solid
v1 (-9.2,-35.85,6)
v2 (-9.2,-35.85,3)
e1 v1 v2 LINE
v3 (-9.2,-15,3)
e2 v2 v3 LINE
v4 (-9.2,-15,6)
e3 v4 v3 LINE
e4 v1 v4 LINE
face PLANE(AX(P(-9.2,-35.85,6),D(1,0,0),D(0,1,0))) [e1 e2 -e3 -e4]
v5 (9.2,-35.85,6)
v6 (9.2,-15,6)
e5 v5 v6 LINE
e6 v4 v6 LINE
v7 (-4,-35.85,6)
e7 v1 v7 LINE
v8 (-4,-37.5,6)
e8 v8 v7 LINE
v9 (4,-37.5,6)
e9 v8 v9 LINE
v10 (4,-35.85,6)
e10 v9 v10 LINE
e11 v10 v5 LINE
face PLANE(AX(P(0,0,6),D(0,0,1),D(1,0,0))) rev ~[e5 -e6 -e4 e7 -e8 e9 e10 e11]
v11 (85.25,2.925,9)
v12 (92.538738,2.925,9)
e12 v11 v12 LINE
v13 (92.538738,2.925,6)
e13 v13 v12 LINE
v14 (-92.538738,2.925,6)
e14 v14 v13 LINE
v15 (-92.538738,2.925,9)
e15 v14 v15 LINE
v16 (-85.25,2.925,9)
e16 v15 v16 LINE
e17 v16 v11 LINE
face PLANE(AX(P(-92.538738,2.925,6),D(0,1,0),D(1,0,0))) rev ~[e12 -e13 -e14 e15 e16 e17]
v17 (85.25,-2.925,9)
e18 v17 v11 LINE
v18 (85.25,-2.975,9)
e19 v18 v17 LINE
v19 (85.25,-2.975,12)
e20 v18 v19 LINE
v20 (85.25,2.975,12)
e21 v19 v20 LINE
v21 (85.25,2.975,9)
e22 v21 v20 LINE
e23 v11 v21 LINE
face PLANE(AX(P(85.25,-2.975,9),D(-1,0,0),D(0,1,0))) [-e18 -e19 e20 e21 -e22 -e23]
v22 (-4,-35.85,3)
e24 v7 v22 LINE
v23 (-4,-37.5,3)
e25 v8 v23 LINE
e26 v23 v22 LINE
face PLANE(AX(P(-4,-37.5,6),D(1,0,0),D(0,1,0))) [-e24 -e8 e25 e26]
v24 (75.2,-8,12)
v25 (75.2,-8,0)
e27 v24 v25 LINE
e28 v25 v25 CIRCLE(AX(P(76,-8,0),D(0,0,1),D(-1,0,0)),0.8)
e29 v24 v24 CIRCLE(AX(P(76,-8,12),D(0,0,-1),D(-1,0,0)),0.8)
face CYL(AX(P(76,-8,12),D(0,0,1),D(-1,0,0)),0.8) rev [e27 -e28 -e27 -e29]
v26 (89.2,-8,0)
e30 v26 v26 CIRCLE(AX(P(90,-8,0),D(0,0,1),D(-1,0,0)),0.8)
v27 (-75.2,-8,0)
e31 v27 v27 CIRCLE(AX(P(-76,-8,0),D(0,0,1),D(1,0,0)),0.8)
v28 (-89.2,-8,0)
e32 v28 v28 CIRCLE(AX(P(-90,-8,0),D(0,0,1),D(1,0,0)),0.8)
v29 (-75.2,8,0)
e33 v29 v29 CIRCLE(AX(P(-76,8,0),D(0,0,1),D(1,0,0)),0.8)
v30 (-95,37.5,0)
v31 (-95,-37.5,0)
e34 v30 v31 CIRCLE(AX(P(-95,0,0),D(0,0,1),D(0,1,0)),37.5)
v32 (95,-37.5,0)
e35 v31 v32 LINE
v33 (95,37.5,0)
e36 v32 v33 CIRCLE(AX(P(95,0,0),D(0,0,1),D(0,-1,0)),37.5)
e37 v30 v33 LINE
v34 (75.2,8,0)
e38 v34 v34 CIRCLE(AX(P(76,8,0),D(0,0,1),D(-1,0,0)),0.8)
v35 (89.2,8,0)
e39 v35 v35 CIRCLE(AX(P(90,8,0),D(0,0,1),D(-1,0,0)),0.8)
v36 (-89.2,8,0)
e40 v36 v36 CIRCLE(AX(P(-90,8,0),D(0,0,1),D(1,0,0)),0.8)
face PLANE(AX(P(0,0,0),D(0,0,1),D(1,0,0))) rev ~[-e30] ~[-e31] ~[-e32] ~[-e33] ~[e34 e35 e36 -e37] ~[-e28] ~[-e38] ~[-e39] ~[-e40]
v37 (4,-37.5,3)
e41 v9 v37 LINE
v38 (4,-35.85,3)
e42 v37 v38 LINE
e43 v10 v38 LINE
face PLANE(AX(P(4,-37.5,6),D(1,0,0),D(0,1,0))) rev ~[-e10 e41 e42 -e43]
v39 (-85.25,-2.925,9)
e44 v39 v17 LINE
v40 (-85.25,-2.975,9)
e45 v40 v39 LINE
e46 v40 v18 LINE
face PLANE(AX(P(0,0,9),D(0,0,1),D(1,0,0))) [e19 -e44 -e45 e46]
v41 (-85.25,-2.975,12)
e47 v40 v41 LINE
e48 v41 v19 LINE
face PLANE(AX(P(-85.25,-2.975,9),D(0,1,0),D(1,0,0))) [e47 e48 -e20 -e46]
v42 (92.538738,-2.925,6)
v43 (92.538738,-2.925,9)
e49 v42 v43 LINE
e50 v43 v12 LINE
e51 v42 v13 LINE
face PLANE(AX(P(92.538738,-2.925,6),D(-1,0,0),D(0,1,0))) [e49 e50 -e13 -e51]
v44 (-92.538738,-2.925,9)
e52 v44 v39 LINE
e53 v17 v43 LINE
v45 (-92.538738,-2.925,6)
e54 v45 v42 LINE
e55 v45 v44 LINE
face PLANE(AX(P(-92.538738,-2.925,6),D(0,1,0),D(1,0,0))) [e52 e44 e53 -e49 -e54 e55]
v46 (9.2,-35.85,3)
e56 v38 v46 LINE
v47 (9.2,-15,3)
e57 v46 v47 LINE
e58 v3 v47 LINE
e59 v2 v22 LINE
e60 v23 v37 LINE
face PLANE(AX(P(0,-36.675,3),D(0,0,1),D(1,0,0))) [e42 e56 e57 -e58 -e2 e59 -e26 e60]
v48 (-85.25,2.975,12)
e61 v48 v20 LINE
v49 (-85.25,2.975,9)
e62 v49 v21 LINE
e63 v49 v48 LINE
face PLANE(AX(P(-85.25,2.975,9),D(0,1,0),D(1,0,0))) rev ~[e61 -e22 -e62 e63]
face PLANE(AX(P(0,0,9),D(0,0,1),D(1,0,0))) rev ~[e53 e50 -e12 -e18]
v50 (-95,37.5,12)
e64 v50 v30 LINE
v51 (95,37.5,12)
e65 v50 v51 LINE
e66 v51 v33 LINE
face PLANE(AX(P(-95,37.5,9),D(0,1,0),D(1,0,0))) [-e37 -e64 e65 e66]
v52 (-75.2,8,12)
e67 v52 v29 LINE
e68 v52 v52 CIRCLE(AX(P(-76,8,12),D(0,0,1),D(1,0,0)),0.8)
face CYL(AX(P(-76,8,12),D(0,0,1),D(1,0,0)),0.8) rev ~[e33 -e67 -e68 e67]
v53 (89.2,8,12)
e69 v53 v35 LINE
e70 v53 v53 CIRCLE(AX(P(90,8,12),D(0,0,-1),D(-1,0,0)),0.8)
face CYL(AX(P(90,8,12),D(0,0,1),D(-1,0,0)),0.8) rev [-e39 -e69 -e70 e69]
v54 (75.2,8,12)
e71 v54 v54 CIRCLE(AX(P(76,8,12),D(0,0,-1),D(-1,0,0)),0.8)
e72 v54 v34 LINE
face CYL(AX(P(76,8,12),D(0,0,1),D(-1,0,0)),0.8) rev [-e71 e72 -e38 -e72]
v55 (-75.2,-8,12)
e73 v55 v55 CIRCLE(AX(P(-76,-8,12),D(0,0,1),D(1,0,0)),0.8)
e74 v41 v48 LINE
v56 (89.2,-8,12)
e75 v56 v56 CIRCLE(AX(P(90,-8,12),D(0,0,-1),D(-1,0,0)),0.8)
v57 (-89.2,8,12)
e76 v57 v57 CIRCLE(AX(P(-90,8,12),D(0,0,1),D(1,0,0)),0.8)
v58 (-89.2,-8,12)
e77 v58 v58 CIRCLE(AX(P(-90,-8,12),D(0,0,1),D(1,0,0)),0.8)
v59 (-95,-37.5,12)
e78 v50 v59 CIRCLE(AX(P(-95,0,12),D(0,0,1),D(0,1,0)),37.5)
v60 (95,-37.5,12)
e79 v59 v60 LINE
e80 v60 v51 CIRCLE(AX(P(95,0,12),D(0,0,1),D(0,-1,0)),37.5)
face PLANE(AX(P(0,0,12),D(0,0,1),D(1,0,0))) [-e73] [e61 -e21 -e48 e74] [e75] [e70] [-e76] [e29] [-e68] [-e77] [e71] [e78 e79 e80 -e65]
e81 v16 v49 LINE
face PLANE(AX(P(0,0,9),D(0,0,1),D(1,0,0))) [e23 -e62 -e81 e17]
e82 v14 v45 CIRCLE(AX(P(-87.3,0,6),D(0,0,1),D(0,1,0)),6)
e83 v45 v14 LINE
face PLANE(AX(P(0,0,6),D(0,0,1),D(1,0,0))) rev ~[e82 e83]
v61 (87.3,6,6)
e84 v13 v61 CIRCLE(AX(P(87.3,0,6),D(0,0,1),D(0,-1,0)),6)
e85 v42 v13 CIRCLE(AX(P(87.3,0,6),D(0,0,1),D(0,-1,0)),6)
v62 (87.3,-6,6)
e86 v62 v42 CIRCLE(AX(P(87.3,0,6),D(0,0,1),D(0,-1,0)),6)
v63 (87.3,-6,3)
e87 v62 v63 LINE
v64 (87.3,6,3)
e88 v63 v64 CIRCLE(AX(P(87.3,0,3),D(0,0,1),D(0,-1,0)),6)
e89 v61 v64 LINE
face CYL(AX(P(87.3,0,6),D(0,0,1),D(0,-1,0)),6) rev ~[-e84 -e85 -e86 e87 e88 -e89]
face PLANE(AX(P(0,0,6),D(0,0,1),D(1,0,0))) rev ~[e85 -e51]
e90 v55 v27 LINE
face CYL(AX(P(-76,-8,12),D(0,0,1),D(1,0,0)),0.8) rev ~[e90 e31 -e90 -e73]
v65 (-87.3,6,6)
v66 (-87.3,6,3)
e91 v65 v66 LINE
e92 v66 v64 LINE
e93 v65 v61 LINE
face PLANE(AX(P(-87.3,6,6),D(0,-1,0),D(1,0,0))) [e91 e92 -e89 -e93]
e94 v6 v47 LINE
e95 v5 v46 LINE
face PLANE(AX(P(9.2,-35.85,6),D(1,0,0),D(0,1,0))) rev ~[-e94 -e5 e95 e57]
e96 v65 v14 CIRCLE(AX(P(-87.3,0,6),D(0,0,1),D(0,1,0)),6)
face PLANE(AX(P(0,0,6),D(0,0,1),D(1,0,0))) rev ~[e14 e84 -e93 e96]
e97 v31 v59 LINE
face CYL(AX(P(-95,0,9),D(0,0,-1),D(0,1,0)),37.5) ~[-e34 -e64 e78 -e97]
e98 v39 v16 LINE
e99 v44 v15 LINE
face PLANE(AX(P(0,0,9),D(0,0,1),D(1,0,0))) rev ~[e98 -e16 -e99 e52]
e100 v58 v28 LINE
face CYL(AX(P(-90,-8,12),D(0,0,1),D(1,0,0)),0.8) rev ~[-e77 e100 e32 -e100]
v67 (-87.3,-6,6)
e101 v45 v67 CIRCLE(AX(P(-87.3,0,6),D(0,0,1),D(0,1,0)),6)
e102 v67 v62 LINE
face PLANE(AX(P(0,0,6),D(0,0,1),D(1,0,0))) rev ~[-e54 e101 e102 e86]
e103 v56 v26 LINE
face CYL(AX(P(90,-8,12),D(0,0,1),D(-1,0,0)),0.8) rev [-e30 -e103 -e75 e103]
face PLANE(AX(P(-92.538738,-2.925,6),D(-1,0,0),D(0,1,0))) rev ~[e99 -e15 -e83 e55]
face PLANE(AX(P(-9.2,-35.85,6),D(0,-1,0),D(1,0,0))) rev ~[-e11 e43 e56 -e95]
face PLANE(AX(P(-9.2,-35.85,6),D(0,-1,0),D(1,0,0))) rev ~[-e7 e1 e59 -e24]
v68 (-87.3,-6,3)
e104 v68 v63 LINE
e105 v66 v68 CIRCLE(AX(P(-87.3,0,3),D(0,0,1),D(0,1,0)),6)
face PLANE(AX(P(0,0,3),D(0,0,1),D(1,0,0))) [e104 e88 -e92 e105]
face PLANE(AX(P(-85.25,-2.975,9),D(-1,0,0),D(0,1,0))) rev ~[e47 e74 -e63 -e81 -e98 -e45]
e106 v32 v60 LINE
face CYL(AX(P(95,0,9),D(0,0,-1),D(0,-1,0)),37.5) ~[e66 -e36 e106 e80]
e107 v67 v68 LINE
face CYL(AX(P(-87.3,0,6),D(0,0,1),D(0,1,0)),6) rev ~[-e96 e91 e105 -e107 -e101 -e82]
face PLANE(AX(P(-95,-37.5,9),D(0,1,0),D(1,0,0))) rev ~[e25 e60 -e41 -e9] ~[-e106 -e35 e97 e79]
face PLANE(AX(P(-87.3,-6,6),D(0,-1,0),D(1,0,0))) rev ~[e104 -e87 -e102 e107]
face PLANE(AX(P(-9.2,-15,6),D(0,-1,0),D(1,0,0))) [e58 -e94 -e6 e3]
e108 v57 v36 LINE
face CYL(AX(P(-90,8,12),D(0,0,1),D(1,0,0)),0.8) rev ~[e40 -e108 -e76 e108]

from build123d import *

# Parameters (mm, degrees)
PAD_DEPTH       = 6
POCKET_DEPTH    = 3
SKETCH002_W     = 18.4
SKETCH002_H     = 20.85
POCKET001_DEPTH = 3
SKETCH003_W     = 8
SKETCH003_H     = 1.65
POCKET002_DEPTH = 3
SKETCH004_W     = 185.077476
SKETCH004_H     = 5.85
PAD001_DEPTH    = 3
SKETCH005_W     = 170.5
SKETCH005_H     = 5.95
PAD002_DEPTH    = 3
SKETCH007_R     = 0.8
POCKET003_DEPTH = 563.341185


with BuildPart() as part:
    # Sketch → Pad (new body)
    with BuildSketch(Plane.XY):
        with BuildLine():
            ThreePointArc((-95, 37.5), (-132.5, 0), (-95, -37.5))
            Line((-95, -37.5), (95, -37.5))
            ThreePointArc((95, -37.5), (132.5, 0), (95, 37.5))
            Line((-95, 37.5), (95, 37.5))
        make_face()
    extrude(amount=PAD_DEPTH)

    # Sketch001 (on Face6 of Pad) → Pocket (cut)
    with BuildSketch(Plane.XY.offset(6)):
        with BuildLine():
            ThreePointArc((-87.3, 6), (-93.3, 0), (-87.3, -6))
            Line((-87.3, -6), (87.3, -6))
            ThreePointArc((87.3, -6), (93.3, 0), (87.3, 6))
            Line((-87.3, 6), (87.3, 6))
        make_face()
    extrude(amount=-POCKET_DEPTH, mode=Mode.SUBTRACT)

    # Sketch002 (on Face5 of Pocket) → Pocket001 (cut)
    with BuildSketch(Plane.XY.offset(6)):
        with Locations((0, -25.425)):
            Rectangle(SKETCH002_W, SKETCH002_H)
    extrude(amount=-POCKET001_DEPTH, mode=Mode.SUBTRACT)

    # Sketch003 (on Face5 of Pocket001) → Pocket002 (cut)
    with BuildSketch(Plane.XY.offset(6)):
        with Locations((0, -36.675)):
            Rectangle(SKETCH003_W, SKETCH003_H)
    extrude(amount=-POCKET002_DEPTH, mode=Mode.SUBTRACT)

    # Sketch004 (on Face5 of Pocket002) → Pad001 (join)
    with BuildSketch(Plane.XY.offset(6)):
        with BuildLine():
            ThreePointArc((-95, 37.5), (-132.5, 0), (-95, -37.5))
            Line((-95, -37.5), (95, -37.5))
            ThreePointArc((95, -37.5), (132.5, 0), (95, 37.5))
            Line((-95, 37.5), (95, 37.5))
        make_face()
        Rectangle(SKETCH004_W, SKETCH004_H, mode=Mode.SUBTRACT)
    extrude(amount=PAD001_DEPTH)

    # Sketch005 (on Face12 of Pad001) → Pad002 (join)
    with BuildSketch(Plane.XY.offset(9)):
        with BuildLine():
            ThreePointArc((-95, 37.5), (-132.5, 0), (-95, -37.5))
            Line((-95, -37.5), (95, -37.5))
            ThreePointArc((95, -37.5), (132.5, 0), (95, 37.5))
            Line((-95, 37.5), (95, 37.5))
        make_face()
        Rectangle(SKETCH005_W, SKETCH005_H, mode=Mode.SUBTRACT)
    extrude(amount=PAD002_DEPTH)

    # Sketch007 (on Face20 of Pad002) → Pocket003 (cut, through all)
    with BuildSketch(Plane.XY.offset(12)):
        with Locations((-90, -8)):
            Circle(SKETCH007_R)
        with Locations((-90, 8)):
            Circle(SKETCH007_R)
        with Locations((-76, 8)):
            Circle(SKETCH007_R)
        with Locations((-76, -8)):
            Circle(SKETCH007_R)
    pocket003 = extrude(amount=-POCKET003_DEPTH, mode=Mode.SUBTRACT)

    # Mirrored: Pocket003 across Sketch007 V_Axis
    add(pocket003.mirror(Plane(origin=(0, 0, 12), x_dir=(0, 0, 1), z_dir=(1, 0, 0))), mode=Mode.SUBTRACT)


solid = part.part
